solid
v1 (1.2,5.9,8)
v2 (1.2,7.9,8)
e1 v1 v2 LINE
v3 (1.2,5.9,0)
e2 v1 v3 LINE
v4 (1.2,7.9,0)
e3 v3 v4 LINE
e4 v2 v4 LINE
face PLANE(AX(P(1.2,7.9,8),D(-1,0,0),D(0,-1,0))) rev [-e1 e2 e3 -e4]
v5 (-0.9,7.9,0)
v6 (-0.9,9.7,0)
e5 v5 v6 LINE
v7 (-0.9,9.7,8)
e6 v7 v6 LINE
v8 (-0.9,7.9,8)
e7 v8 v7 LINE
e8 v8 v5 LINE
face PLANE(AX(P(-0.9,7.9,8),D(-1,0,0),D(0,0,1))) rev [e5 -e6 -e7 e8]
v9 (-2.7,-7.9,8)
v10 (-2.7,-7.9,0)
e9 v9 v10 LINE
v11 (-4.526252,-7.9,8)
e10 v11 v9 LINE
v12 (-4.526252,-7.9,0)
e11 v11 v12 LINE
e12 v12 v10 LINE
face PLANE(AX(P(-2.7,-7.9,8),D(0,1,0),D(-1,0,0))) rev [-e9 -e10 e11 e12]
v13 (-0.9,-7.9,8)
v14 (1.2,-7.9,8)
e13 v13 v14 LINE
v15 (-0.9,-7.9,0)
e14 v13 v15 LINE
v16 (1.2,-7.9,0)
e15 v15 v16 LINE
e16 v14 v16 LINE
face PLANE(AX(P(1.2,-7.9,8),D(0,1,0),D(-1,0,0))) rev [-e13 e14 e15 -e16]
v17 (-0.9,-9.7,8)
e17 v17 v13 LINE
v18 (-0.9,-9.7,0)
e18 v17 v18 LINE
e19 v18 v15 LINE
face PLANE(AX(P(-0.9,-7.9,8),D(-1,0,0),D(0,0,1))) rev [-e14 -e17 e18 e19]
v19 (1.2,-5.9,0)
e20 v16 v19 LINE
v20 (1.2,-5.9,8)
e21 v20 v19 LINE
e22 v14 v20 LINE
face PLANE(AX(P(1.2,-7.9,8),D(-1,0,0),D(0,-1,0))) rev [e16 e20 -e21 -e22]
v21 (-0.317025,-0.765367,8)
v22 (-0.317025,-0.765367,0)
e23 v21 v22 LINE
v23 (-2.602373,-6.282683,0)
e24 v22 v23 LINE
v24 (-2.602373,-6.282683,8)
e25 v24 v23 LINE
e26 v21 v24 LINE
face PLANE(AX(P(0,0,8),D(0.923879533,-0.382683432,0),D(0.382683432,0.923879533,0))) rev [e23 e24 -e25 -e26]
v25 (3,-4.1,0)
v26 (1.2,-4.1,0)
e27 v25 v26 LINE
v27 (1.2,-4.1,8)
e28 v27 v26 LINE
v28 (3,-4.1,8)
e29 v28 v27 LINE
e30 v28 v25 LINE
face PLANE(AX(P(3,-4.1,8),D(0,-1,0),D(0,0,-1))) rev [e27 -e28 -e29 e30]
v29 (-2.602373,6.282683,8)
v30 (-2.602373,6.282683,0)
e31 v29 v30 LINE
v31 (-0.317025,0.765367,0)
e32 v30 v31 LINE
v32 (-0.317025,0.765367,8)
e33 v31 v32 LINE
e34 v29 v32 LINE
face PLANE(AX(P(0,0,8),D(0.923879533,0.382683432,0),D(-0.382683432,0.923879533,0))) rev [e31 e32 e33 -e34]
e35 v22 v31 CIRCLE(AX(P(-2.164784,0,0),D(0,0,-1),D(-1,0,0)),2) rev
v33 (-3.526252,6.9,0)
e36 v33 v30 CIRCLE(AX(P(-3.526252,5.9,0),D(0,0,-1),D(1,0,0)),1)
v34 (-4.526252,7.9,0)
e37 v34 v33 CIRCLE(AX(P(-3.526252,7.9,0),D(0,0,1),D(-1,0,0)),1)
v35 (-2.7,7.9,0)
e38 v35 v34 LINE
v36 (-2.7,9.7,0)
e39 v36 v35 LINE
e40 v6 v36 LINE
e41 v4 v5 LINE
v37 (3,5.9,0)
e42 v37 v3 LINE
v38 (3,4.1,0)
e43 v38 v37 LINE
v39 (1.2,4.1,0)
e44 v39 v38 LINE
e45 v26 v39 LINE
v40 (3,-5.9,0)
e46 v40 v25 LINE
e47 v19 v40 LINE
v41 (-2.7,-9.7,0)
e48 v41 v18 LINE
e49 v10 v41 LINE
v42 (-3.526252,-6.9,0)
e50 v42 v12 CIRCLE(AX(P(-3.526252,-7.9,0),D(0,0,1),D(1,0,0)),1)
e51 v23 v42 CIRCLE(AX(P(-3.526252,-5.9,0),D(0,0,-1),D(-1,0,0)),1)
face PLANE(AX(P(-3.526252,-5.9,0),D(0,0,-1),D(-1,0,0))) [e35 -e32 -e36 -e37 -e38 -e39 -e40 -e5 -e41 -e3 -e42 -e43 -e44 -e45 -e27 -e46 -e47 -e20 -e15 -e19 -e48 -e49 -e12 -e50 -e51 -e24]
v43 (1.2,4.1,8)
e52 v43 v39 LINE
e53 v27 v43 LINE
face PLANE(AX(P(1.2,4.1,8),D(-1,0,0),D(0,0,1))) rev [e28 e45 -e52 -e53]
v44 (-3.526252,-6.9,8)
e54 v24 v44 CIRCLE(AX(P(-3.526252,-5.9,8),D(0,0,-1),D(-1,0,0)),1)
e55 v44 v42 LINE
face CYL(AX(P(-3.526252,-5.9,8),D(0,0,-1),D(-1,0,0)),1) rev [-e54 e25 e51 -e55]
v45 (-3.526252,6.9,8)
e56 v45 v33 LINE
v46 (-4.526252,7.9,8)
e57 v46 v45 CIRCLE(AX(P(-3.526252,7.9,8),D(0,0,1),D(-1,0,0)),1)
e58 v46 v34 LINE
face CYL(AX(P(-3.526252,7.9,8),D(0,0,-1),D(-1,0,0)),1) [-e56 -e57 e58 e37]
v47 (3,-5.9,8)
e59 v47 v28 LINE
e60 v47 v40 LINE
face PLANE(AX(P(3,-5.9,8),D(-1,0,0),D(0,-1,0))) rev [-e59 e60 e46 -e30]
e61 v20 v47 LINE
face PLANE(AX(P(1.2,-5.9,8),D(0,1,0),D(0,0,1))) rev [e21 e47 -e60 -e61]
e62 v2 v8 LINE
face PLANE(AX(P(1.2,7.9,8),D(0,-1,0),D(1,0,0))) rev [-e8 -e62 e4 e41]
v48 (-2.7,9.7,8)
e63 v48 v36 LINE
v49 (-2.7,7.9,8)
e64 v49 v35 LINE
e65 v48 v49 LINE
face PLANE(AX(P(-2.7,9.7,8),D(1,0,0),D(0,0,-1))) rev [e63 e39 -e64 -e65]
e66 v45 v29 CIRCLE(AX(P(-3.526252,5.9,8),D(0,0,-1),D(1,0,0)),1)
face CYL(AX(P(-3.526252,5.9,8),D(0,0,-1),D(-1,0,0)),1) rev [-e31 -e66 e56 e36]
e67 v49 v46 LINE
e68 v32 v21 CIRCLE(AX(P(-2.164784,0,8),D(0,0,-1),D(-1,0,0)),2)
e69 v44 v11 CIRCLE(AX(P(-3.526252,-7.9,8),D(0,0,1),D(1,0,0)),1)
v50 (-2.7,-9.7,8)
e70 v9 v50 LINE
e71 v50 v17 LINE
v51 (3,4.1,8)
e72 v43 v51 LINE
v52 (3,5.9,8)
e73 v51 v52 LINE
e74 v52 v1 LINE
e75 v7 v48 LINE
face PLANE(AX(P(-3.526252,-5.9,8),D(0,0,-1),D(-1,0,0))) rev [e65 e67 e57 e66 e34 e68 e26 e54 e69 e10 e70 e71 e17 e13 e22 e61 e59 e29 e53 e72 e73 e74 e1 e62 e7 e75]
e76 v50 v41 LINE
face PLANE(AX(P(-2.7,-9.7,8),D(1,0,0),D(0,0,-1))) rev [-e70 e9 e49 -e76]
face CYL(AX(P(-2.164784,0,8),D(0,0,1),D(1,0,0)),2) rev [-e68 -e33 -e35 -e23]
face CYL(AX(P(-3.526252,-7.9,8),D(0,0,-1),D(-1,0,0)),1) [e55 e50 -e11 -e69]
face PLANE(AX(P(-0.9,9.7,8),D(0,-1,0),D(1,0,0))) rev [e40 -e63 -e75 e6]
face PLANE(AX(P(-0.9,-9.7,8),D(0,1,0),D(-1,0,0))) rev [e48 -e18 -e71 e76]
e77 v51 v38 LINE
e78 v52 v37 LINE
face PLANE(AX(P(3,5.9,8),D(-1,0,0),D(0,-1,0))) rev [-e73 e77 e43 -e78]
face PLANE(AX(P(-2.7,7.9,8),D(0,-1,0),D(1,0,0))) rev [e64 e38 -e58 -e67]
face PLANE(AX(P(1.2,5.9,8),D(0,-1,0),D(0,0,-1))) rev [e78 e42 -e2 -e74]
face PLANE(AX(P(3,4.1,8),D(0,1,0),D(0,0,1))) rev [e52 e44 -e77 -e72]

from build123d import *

# Parameters (mm, degrees)
P_IDAT_VYSUNUT_M1_DEPTH = 8
ZAOBLIT1_R              = 2


with BuildPart() as part:
    # Skica1 → Přidat vysunutím1 (new body)
    with BuildSketch(Plane.XY):
        with BuildLine():
            Line((1.2, 7.9), (1.2, 5.9))
            Line((1.2, 5.9), (3, 5.9))
            Line((3, 5.9), (3, 4.1))
            Line((3, 4.1), (1.2, 4.1))
            Line((1.2, 4.1), (1.2, -4.1))
            Line((1.2, -4.1), (3, -4.1))
            Line((3, -4.1), (3, -5.9))
            Line((3, -5.9), (1.2, -5.9))
            Line((1.2, -5.9), (1.2, -7.9))
            Line((1.2, -7.9), (-0.9, -7.9))
            Line((-0.9, -7.9), (-0.9, -9.7))
            Line((-0.9, -9.7), (-2.7, -9.7))
            Line((-2.7, -9.7), (-2.7, -7.9))
            Line((-2.7, -7.9), (-4.526252218, -7.9))
            ThreePointArc((-4.526252218, -7.9), (-4.233358999, -7.192893219), (-3.526252218, -6.9))
            ThreePointArc((-3.526252218, -6.9), (-2.970681985, -6.731469612), (-2.602372686, -6.282683432))
            Line((-2.602372686, -6.282683432), (0, 0))
            Line((0, 0), (-2.602372686, 6.282683432))
            ThreePointArc((-2.602372686, 6.282683432), (-2.970681985, 6.731469612), (-3.526252218, 6.9))
            ThreePointArc((-3.526252218, 6.9), (-4.233358999, 7.192893219), (-4.526252218, 7.9))
            Line((-4.526252218, 7.9), (-2.7, 7.9))
            Line((-2.7, 7.9), (-2.7, 9.7))
            Line((-2.7, 9.7), (-0.9, 9.7))
            Line((-0.9, 9.7), (-0.9, 7.9))
            Line((-0.9, 7.9), (1.2, 7.9))
        make_face()
    extrude(amount=P_IDAT_VYSUNUT_M1_DEPTH)

    # Zaoblit1
    zaoblit1_edges = [part.edges().sort_by_distance(p)[0] for p in [
        (0, 0, 4),
    ]]
    fillet(zaoblit1_edges, radius=ZAOBLIT1_R)


solid = part.part
